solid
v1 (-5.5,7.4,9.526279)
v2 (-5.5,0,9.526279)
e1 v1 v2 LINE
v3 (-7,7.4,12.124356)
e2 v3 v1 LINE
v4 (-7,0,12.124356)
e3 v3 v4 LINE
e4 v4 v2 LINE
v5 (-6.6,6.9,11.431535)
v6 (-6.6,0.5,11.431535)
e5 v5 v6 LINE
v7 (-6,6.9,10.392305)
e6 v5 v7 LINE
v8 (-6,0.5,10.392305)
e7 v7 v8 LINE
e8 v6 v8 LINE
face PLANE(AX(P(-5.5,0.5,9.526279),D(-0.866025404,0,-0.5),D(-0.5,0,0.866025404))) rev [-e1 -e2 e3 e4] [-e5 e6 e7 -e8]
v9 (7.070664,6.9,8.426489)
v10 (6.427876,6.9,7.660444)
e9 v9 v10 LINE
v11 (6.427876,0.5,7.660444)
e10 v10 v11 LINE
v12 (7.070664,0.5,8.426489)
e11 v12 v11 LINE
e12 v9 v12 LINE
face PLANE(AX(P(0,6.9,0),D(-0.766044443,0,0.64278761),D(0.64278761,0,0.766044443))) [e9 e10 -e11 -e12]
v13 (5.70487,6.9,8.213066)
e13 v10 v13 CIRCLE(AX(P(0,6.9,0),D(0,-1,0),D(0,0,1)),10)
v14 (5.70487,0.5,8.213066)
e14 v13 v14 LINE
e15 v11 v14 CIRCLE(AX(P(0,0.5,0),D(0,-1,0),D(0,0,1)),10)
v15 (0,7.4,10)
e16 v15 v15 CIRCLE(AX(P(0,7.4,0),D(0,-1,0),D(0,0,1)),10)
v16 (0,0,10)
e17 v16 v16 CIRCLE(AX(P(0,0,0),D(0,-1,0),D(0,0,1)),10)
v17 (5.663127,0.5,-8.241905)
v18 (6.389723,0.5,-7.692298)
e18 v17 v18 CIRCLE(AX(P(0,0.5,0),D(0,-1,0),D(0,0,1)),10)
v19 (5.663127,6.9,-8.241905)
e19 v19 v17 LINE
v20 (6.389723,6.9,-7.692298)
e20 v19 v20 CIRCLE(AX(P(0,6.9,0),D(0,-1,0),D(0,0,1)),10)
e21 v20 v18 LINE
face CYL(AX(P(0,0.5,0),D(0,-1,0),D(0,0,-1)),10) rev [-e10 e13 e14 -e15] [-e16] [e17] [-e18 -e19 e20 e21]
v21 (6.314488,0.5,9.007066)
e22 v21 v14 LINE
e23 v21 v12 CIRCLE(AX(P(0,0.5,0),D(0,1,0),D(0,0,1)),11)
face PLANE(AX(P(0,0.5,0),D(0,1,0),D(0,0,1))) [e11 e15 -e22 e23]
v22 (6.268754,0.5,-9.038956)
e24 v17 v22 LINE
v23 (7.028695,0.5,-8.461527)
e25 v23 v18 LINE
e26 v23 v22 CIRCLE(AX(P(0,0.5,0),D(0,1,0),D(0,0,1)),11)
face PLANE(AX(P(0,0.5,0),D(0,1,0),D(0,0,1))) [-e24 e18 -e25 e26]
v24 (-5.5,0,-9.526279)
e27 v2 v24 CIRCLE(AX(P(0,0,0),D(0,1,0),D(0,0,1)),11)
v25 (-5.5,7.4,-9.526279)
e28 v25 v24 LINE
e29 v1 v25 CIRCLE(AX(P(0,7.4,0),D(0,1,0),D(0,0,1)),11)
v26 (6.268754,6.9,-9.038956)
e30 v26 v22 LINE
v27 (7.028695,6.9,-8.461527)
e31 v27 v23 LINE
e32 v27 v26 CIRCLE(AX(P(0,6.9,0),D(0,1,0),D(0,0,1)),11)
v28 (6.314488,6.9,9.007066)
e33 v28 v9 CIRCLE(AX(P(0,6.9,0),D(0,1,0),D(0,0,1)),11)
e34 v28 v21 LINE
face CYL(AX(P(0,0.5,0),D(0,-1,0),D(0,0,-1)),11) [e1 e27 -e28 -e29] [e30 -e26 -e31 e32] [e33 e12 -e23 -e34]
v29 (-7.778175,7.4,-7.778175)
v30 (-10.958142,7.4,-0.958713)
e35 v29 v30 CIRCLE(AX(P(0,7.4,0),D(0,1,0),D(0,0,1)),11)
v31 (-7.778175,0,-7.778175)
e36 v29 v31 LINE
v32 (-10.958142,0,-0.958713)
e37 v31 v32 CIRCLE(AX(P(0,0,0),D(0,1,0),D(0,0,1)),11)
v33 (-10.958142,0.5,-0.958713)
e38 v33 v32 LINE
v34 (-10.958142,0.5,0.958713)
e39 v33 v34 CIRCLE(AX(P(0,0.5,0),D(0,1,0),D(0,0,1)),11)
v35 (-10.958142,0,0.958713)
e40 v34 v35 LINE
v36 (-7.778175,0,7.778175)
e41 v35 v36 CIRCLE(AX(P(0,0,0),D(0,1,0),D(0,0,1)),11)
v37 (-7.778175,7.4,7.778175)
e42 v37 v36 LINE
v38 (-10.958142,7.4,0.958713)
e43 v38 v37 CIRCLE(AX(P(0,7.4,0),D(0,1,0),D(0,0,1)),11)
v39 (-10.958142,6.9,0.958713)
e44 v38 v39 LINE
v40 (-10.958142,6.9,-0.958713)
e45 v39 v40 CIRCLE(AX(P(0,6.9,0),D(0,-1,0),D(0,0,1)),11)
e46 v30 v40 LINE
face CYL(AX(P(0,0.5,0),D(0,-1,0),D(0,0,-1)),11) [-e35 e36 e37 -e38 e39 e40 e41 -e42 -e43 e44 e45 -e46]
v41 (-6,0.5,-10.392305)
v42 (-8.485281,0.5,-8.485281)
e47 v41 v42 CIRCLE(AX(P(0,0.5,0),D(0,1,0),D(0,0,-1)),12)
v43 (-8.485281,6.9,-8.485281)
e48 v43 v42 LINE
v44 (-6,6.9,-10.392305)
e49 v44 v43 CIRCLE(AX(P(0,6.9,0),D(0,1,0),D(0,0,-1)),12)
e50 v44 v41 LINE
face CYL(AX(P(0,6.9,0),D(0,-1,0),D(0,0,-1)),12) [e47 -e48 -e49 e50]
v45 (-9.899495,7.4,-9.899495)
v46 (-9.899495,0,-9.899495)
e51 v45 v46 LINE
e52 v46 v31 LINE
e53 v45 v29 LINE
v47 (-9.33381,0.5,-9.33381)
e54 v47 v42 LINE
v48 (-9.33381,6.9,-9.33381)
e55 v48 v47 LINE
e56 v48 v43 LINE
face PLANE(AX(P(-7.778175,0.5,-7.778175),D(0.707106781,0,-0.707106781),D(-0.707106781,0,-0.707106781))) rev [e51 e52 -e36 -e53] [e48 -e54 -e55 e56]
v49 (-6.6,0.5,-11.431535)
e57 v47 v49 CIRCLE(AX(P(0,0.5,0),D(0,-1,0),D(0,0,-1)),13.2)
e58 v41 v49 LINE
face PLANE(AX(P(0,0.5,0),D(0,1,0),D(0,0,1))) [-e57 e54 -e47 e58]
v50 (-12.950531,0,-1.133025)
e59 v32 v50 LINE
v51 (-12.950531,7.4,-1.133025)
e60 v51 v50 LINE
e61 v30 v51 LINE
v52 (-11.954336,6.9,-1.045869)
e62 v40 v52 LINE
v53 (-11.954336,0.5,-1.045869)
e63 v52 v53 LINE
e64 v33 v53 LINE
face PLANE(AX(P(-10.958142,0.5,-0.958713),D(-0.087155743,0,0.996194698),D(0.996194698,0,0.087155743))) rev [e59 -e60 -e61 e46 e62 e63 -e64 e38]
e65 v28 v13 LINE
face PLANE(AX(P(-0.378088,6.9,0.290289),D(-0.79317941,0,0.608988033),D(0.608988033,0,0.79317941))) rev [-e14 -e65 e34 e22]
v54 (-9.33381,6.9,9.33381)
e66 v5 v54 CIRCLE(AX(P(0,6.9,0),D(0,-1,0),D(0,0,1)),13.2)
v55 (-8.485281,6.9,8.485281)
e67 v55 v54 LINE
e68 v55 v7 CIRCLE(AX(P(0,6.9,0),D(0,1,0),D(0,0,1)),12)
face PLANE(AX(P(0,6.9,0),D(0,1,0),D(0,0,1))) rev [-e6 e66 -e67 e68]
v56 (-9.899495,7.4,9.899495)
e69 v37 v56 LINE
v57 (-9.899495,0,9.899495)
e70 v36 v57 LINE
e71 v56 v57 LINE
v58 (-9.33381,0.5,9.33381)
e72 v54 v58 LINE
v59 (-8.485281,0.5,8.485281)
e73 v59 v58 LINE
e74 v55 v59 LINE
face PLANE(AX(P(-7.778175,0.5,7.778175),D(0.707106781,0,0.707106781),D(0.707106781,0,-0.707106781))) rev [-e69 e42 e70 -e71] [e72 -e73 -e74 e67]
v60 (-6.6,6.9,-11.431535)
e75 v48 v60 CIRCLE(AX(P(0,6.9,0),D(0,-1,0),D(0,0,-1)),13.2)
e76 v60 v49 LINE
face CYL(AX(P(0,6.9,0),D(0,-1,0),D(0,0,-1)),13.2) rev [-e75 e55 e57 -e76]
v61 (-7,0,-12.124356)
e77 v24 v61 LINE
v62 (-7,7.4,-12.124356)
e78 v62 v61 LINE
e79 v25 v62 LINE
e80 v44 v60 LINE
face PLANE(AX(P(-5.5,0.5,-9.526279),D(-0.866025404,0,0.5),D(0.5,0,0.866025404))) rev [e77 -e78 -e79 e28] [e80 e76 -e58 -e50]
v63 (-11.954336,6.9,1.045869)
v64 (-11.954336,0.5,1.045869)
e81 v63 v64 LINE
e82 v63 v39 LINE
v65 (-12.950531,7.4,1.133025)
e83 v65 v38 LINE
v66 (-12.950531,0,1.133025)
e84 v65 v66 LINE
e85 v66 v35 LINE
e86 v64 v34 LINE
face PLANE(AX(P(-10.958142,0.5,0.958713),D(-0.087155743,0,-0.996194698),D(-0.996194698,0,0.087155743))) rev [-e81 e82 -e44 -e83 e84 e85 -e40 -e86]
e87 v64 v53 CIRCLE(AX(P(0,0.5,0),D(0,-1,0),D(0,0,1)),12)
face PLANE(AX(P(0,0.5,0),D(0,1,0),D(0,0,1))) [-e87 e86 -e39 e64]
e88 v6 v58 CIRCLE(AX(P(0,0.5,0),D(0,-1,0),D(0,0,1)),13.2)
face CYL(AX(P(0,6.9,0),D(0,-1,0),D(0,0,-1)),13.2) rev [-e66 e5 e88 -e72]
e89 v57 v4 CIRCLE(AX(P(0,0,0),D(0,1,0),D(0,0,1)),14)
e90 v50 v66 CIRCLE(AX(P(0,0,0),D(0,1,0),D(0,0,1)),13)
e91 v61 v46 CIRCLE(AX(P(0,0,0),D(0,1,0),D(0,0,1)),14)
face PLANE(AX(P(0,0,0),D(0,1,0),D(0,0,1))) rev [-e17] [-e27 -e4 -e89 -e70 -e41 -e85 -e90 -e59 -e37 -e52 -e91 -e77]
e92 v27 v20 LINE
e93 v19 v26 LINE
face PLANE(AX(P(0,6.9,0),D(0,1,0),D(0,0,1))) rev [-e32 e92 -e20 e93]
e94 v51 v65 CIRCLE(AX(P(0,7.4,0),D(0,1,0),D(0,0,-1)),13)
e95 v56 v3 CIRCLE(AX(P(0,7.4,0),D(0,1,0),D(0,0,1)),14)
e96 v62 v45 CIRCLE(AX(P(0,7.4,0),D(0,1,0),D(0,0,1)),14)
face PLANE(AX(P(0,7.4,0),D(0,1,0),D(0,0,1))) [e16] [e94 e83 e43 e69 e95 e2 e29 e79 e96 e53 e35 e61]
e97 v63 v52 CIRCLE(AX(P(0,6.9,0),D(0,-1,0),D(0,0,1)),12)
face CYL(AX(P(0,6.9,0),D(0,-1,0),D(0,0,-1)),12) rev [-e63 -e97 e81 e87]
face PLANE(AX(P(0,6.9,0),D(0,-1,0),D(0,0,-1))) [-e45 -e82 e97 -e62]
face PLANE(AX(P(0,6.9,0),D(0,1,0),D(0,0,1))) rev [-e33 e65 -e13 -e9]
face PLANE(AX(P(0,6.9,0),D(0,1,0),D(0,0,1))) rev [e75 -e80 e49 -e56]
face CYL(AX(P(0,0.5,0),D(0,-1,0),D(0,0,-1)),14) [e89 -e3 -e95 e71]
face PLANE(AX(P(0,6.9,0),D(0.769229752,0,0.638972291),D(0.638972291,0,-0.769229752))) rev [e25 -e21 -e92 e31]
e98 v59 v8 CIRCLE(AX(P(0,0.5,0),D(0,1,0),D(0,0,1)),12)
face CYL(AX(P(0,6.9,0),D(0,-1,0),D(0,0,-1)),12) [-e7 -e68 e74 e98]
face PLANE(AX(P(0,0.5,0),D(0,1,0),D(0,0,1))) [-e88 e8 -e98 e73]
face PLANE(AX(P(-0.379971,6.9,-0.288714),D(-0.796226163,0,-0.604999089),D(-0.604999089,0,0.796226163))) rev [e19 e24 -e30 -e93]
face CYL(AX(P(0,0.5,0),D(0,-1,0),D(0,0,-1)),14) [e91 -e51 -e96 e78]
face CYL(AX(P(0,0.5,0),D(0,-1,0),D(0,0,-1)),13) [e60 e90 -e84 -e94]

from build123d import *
from build123d.topology import SkipClean

# Parameters (mm, degrees)
EXTRUDE_1_DEPTH = 0.5
EXTRUDE_2_DEPTH = 6.4
EXTRUDE_3_DEPTH = 0.5
EXTRUDE_START   = -7.4
EXTRUDE_6_DEPTH = 7.4
EXTRUDE_7_DEPTH = 6.4
EXTRUDE_8_DEPTH = 0.5


with BuildPart() as part:
    # 草图1 → 凸台-拉伸1 (new body)
    with BuildSketch(Plane(origin=(0, 0, 0), x_dir=(1, 0, 0), z_dir=(0, 1, 0))):
        with BuildLine():
            Line((10.958141679, 0.95871317), (9.961946981, 0.871557427))
            ThreePointArc((9.961946981, 0.871557427), (-10, 0), (9.961946981, -0.871557427))
            Line((9.961946981, -0.871557427), (10.958141679, -0.95871317))
            ThreePointArc((10.958141679, -0.95871317), (5.079234746, -9.757119165), (-5.5, -9.526279442))
            Line((-5.5, -9.526279442), (-7, -12.124355653))
            ThreePointArc((-7, -12.124355653), (-8.522660006, -11.106946764), (-9.899494937, -9.899494937))
            Line((-9.899494937, -9.899494937), (-7.778174593, -7.778174593))
            ThreePointArc((-7.778174593, -7.778174593), (-9.969385657, -4.648800879), (-10.958141679, -0.95871317))
            Line((-10.958141679, -0.95871317), (-12.950531075, -1.133024656))
            ThreePointArc((-12.950531075, -1.133024656), (-13, 0), (-12.950531075, 1.133024656))
            Line((-12.950531075, 1.133024656), (-10.958141679, 0.95871317))
            ThreePointArc((-10.958141679, 0.95871317), (-9.969385657, 4.648800879), (-7.778174593, 7.778174593))
            Line((-7.778174593, 7.778174593), (-9.899494937, 9.899494937))
            ThreePointArc((-9.899494937, 9.899494937), (-8.522660006, 11.106946764), (-7, 12.124355653))
            Line((-7, 12.124355653), (-5.5, 9.526279442))
            ThreePointArc((-5.5, 9.526279442), (5.079234746, 9.757119165), (10.958141679, 0.95871317))
        make_face()
    extrude(amount=EXTRUDE_1_DEPTH)

    # 草图10 → 凸台-拉伸2 (add)
    with BuildSketch(Plane(origin=(0, 0.5, 0), x_dir=(1, 0, 0), z_dir=(0, 1, 0))):
        with BuildLine():
            Line((9.961946981, -0.871557427), (10.958141679, -0.95871317))
            ThreePointArc((10.958141679, -0.95871317), (9.757119165, -5.079234746), (7.070663707, -8.426488874))
            Line((7.070663707, -8.426488874), (6.427876097, -7.660444431))
            ThreePointArc((6.427876097, -7.660444431), (8.870108332, -4.617486132), (9.961946981, -0.871557427))
        make_face()
        with BuildLine():
            Line((9.961946981, 0.871557427), (10.958141679, 0.95871317))
            ThreePointArc((10.958141679, 0.95871317), (9.744466641, 5.103466458), (7.028695203, 8.46152727))
            Line((7.028695203, 8.46152727), (6.389722912, 7.692297518))
            ThreePointArc((6.389722912, 7.692297518), (8.858606037, 4.639514962), (9.961946981, 0.871557427))
        make_face()
        with BuildLine():
            Line((6.314487726, -9.007066379), (5.704869745, -8.213066491))
            ThreePointArc((5.704869745, -8.213066491), (-9.999967824, -0.025367673), (5.663127179, 8.241904547))
            Line((5.663127179, 8.241904547), (6.268753512, 9.038956212))
            ThreePointArc((6.268753512, 9.038956212), (-10.999964675, -0.027877319), (6.314487726, -9.007066379))
        make_face()
    extrude(amount=EXTRUDE_2_DEPTH)

    # 草图11 → 凸台-拉伸3 (add)
    with SkipClean():  # the faces are left unmerged after this step: merging them gives an invalid solid
        with BuildSketch(Plane(origin=(0, 6.9, 0), x_dir=(1, 0, 0), z_dir=(0, 1, 0))):
            with BuildLine():
                Line((9.961946981, 0.871557427), (10.958141679, 0.95871317))
                ThreePointArc((10.958141679, 0.95871317), (-11, 0), (10.958141679, -0.95871317))
                Line((10.958141679, -0.95871317), (9.961946981, -0.871557427))
                ThreePointArc((9.961946981, -0.871557427), (-10, 0), (9.961946981, 0.871557427))
            make_face()
        extrude(amount=EXTRUDE_3_DEPTH)

    # 草图14 → 凸台-拉伸6 (add)
    with SkipClean():  # the faces are left unmerged after this step: merging them gives an invalid solid
        with BuildSketch(Plane(origin=(0, 7.4, 0), x_dir=(1, 0, 0), z_dir=(0, 1, 0)).offset(EXTRUDE_START)):
            with BuildLine():
                Line((9.961946981, 0.871557427), (10.958141679, 0.95871317))
                ThreePointArc((10.958141679, 0.95871317), (11, 0), (10.958141679, -0.95871317))
                Line((10.958141679, -0.95871317), (9.961946981, -0.871557427))
                ThreePointArc((9.961946981, -0.871557427), (10, 0), (9.961946981, 0.871557427))
            make_face()
        extrude(amount=EXTRUDE_6_DEPTH)

    # 草图12 → 凸台-拉伸7 (add)
    with SkipClean():  # the faces are left unmerged after this step: merging them gives an invalid solid
        with BuildSketch(Plane(origin=(0, 0.5, 0), x_dir=(1, 0, 0), z_dir=(0, 1, 0))):
            with BuildLine():
                Line((-7.778174593, -7.778174593), (-8.485281374, -8.485281374))
                ThreePointArc((-8.485281374, -8.485281374), (-7.305137148, -9.520240083), (-6, -10.392304845))
                Line((-6, -10.392304845), (-5.5, -9.526279442))
                ThreePointArc((-5.5, -9.526279442), (-6.696375719, -8.726886743), (-7.778174593, -7.778174593))
            make_face()
            with BuildLine():
                Line((-9.899494937, -9.899494937), (-9.333809512, -9.333809512))
                ThreePointArc((-9.333809512, -9.333809512), (-8.035650863, -10.472264092), (-6.6, -11.43153533))
                Line((-6.6, -11.43153533), (-7, -12.124355653))
                ThreePointArc((-7, -12.124355653), (-8.522660006, -11.106946764), (-9.899494937, -9.899494937))
            make_face()
            with BuildLine():
                Line((-9.899494937, 9.899494937), (-9.333809512, 9.333809512))
                ThreePointArc((-9.333809512, 9.333809512), (-8.035650863, 10.472264092), (-6.6, 11.43153533))
                Line((-6.6, 11.43153533), (-7, 12.124355653))
                ThreePointArc((-7, 12.124355653), (-8.522660006, 11.106946764), (-9.899494937, 9.899494937))
            make_face()
            with BuildLine():
                Line((-5.5, 9.526279442), (-6, 10.392304845))
                ThreePointArc((-6, 10.392304845), (-7.305137148, 9.520240083), (-8.485281374, 8.485281374))
                Line((-8.485281374, 8.485281374), (-7.778174593, 7.778174593))
                ThreePointArc((-7.778174593, 7.778174593), (-6.696375719, 8.726886743), (-5.5, 9.526279442))
            make_face()
            with BuildLine():
                Line((-12.950531075, 1.133024656), (-11.954336377, 1.045868913))
                ThreePointArc((-11.954336377, 1.045868913), (-12, 0), (-11.954336377, -1.045868913))
                Line((-11.954336377, -1.045868913), (-12.950531075, -1.133024656))
                ThreePointArc((-12.950531075, -1.133024656), (-13, 0), (-12.950531075, 1.133024656))
            make_face()
        extrude(amount=EXTRUDE_7_DEPTH)

    # 草图15 → 凸台-拉伸8 (add)
    with SkipClean():  # the faces are left unmerged after this step: merging them gives an invalid solid
        with BuildSketch(Plane(origin=(0, 6.9, 0), x_dir=(1, 0, 0), z_dir=(0, 1, 0))):
            with BuildLine():
                Line((-12.950531075, 1.133024656), (-10.958141679, 0.95871317))
                ThreePointArc((-10.958141679, 0.95871317), (-11, 0), (-10.958141679, -0.95871317))
                Line((-10.958141679, -0.95871317), (-12.950531075, -1.133024656))
                ThreePointArc((-12.950531075, -1.133024656), (-13, 0), (-12.950531075, 1.133024656))
            make_face()
            with BuildLine():
                Line((-9.899494937, -9.899494937), (-7.778174593, -7.778174593))
                ThreePointArc((-7.778174593, -7.778174593), (-6.696375719, -8.726886743), (-5.5, -9.526279442))
                Line((-5.5, -9.526279442), (-7, -12.124355653))
                ThreePointArc((-7, -12.124355653), (-8.522660006, -11.106946764), (-9.899494937, -9.899494937))
            make_face()
            with BuildLine():
                Line((-9.899494937, 9.899494937), (-7.778174593, 7.778174593))
                ThreePointArc((-7.778174593, 7.778174593), (-6.696375719, 8.726886743), (-5.5, 9.526279442))
                Line((-5.5, 9.526279442), (-7, 12.124355653))
                ThreePointArc((-7, 12.124355653), (-8.522660006, 11.106946764), (-9.899494937, 9.899494937))
            make_face()
        extrude(amount=EXTRUDE_8_DEPTH)


solid = part.part
